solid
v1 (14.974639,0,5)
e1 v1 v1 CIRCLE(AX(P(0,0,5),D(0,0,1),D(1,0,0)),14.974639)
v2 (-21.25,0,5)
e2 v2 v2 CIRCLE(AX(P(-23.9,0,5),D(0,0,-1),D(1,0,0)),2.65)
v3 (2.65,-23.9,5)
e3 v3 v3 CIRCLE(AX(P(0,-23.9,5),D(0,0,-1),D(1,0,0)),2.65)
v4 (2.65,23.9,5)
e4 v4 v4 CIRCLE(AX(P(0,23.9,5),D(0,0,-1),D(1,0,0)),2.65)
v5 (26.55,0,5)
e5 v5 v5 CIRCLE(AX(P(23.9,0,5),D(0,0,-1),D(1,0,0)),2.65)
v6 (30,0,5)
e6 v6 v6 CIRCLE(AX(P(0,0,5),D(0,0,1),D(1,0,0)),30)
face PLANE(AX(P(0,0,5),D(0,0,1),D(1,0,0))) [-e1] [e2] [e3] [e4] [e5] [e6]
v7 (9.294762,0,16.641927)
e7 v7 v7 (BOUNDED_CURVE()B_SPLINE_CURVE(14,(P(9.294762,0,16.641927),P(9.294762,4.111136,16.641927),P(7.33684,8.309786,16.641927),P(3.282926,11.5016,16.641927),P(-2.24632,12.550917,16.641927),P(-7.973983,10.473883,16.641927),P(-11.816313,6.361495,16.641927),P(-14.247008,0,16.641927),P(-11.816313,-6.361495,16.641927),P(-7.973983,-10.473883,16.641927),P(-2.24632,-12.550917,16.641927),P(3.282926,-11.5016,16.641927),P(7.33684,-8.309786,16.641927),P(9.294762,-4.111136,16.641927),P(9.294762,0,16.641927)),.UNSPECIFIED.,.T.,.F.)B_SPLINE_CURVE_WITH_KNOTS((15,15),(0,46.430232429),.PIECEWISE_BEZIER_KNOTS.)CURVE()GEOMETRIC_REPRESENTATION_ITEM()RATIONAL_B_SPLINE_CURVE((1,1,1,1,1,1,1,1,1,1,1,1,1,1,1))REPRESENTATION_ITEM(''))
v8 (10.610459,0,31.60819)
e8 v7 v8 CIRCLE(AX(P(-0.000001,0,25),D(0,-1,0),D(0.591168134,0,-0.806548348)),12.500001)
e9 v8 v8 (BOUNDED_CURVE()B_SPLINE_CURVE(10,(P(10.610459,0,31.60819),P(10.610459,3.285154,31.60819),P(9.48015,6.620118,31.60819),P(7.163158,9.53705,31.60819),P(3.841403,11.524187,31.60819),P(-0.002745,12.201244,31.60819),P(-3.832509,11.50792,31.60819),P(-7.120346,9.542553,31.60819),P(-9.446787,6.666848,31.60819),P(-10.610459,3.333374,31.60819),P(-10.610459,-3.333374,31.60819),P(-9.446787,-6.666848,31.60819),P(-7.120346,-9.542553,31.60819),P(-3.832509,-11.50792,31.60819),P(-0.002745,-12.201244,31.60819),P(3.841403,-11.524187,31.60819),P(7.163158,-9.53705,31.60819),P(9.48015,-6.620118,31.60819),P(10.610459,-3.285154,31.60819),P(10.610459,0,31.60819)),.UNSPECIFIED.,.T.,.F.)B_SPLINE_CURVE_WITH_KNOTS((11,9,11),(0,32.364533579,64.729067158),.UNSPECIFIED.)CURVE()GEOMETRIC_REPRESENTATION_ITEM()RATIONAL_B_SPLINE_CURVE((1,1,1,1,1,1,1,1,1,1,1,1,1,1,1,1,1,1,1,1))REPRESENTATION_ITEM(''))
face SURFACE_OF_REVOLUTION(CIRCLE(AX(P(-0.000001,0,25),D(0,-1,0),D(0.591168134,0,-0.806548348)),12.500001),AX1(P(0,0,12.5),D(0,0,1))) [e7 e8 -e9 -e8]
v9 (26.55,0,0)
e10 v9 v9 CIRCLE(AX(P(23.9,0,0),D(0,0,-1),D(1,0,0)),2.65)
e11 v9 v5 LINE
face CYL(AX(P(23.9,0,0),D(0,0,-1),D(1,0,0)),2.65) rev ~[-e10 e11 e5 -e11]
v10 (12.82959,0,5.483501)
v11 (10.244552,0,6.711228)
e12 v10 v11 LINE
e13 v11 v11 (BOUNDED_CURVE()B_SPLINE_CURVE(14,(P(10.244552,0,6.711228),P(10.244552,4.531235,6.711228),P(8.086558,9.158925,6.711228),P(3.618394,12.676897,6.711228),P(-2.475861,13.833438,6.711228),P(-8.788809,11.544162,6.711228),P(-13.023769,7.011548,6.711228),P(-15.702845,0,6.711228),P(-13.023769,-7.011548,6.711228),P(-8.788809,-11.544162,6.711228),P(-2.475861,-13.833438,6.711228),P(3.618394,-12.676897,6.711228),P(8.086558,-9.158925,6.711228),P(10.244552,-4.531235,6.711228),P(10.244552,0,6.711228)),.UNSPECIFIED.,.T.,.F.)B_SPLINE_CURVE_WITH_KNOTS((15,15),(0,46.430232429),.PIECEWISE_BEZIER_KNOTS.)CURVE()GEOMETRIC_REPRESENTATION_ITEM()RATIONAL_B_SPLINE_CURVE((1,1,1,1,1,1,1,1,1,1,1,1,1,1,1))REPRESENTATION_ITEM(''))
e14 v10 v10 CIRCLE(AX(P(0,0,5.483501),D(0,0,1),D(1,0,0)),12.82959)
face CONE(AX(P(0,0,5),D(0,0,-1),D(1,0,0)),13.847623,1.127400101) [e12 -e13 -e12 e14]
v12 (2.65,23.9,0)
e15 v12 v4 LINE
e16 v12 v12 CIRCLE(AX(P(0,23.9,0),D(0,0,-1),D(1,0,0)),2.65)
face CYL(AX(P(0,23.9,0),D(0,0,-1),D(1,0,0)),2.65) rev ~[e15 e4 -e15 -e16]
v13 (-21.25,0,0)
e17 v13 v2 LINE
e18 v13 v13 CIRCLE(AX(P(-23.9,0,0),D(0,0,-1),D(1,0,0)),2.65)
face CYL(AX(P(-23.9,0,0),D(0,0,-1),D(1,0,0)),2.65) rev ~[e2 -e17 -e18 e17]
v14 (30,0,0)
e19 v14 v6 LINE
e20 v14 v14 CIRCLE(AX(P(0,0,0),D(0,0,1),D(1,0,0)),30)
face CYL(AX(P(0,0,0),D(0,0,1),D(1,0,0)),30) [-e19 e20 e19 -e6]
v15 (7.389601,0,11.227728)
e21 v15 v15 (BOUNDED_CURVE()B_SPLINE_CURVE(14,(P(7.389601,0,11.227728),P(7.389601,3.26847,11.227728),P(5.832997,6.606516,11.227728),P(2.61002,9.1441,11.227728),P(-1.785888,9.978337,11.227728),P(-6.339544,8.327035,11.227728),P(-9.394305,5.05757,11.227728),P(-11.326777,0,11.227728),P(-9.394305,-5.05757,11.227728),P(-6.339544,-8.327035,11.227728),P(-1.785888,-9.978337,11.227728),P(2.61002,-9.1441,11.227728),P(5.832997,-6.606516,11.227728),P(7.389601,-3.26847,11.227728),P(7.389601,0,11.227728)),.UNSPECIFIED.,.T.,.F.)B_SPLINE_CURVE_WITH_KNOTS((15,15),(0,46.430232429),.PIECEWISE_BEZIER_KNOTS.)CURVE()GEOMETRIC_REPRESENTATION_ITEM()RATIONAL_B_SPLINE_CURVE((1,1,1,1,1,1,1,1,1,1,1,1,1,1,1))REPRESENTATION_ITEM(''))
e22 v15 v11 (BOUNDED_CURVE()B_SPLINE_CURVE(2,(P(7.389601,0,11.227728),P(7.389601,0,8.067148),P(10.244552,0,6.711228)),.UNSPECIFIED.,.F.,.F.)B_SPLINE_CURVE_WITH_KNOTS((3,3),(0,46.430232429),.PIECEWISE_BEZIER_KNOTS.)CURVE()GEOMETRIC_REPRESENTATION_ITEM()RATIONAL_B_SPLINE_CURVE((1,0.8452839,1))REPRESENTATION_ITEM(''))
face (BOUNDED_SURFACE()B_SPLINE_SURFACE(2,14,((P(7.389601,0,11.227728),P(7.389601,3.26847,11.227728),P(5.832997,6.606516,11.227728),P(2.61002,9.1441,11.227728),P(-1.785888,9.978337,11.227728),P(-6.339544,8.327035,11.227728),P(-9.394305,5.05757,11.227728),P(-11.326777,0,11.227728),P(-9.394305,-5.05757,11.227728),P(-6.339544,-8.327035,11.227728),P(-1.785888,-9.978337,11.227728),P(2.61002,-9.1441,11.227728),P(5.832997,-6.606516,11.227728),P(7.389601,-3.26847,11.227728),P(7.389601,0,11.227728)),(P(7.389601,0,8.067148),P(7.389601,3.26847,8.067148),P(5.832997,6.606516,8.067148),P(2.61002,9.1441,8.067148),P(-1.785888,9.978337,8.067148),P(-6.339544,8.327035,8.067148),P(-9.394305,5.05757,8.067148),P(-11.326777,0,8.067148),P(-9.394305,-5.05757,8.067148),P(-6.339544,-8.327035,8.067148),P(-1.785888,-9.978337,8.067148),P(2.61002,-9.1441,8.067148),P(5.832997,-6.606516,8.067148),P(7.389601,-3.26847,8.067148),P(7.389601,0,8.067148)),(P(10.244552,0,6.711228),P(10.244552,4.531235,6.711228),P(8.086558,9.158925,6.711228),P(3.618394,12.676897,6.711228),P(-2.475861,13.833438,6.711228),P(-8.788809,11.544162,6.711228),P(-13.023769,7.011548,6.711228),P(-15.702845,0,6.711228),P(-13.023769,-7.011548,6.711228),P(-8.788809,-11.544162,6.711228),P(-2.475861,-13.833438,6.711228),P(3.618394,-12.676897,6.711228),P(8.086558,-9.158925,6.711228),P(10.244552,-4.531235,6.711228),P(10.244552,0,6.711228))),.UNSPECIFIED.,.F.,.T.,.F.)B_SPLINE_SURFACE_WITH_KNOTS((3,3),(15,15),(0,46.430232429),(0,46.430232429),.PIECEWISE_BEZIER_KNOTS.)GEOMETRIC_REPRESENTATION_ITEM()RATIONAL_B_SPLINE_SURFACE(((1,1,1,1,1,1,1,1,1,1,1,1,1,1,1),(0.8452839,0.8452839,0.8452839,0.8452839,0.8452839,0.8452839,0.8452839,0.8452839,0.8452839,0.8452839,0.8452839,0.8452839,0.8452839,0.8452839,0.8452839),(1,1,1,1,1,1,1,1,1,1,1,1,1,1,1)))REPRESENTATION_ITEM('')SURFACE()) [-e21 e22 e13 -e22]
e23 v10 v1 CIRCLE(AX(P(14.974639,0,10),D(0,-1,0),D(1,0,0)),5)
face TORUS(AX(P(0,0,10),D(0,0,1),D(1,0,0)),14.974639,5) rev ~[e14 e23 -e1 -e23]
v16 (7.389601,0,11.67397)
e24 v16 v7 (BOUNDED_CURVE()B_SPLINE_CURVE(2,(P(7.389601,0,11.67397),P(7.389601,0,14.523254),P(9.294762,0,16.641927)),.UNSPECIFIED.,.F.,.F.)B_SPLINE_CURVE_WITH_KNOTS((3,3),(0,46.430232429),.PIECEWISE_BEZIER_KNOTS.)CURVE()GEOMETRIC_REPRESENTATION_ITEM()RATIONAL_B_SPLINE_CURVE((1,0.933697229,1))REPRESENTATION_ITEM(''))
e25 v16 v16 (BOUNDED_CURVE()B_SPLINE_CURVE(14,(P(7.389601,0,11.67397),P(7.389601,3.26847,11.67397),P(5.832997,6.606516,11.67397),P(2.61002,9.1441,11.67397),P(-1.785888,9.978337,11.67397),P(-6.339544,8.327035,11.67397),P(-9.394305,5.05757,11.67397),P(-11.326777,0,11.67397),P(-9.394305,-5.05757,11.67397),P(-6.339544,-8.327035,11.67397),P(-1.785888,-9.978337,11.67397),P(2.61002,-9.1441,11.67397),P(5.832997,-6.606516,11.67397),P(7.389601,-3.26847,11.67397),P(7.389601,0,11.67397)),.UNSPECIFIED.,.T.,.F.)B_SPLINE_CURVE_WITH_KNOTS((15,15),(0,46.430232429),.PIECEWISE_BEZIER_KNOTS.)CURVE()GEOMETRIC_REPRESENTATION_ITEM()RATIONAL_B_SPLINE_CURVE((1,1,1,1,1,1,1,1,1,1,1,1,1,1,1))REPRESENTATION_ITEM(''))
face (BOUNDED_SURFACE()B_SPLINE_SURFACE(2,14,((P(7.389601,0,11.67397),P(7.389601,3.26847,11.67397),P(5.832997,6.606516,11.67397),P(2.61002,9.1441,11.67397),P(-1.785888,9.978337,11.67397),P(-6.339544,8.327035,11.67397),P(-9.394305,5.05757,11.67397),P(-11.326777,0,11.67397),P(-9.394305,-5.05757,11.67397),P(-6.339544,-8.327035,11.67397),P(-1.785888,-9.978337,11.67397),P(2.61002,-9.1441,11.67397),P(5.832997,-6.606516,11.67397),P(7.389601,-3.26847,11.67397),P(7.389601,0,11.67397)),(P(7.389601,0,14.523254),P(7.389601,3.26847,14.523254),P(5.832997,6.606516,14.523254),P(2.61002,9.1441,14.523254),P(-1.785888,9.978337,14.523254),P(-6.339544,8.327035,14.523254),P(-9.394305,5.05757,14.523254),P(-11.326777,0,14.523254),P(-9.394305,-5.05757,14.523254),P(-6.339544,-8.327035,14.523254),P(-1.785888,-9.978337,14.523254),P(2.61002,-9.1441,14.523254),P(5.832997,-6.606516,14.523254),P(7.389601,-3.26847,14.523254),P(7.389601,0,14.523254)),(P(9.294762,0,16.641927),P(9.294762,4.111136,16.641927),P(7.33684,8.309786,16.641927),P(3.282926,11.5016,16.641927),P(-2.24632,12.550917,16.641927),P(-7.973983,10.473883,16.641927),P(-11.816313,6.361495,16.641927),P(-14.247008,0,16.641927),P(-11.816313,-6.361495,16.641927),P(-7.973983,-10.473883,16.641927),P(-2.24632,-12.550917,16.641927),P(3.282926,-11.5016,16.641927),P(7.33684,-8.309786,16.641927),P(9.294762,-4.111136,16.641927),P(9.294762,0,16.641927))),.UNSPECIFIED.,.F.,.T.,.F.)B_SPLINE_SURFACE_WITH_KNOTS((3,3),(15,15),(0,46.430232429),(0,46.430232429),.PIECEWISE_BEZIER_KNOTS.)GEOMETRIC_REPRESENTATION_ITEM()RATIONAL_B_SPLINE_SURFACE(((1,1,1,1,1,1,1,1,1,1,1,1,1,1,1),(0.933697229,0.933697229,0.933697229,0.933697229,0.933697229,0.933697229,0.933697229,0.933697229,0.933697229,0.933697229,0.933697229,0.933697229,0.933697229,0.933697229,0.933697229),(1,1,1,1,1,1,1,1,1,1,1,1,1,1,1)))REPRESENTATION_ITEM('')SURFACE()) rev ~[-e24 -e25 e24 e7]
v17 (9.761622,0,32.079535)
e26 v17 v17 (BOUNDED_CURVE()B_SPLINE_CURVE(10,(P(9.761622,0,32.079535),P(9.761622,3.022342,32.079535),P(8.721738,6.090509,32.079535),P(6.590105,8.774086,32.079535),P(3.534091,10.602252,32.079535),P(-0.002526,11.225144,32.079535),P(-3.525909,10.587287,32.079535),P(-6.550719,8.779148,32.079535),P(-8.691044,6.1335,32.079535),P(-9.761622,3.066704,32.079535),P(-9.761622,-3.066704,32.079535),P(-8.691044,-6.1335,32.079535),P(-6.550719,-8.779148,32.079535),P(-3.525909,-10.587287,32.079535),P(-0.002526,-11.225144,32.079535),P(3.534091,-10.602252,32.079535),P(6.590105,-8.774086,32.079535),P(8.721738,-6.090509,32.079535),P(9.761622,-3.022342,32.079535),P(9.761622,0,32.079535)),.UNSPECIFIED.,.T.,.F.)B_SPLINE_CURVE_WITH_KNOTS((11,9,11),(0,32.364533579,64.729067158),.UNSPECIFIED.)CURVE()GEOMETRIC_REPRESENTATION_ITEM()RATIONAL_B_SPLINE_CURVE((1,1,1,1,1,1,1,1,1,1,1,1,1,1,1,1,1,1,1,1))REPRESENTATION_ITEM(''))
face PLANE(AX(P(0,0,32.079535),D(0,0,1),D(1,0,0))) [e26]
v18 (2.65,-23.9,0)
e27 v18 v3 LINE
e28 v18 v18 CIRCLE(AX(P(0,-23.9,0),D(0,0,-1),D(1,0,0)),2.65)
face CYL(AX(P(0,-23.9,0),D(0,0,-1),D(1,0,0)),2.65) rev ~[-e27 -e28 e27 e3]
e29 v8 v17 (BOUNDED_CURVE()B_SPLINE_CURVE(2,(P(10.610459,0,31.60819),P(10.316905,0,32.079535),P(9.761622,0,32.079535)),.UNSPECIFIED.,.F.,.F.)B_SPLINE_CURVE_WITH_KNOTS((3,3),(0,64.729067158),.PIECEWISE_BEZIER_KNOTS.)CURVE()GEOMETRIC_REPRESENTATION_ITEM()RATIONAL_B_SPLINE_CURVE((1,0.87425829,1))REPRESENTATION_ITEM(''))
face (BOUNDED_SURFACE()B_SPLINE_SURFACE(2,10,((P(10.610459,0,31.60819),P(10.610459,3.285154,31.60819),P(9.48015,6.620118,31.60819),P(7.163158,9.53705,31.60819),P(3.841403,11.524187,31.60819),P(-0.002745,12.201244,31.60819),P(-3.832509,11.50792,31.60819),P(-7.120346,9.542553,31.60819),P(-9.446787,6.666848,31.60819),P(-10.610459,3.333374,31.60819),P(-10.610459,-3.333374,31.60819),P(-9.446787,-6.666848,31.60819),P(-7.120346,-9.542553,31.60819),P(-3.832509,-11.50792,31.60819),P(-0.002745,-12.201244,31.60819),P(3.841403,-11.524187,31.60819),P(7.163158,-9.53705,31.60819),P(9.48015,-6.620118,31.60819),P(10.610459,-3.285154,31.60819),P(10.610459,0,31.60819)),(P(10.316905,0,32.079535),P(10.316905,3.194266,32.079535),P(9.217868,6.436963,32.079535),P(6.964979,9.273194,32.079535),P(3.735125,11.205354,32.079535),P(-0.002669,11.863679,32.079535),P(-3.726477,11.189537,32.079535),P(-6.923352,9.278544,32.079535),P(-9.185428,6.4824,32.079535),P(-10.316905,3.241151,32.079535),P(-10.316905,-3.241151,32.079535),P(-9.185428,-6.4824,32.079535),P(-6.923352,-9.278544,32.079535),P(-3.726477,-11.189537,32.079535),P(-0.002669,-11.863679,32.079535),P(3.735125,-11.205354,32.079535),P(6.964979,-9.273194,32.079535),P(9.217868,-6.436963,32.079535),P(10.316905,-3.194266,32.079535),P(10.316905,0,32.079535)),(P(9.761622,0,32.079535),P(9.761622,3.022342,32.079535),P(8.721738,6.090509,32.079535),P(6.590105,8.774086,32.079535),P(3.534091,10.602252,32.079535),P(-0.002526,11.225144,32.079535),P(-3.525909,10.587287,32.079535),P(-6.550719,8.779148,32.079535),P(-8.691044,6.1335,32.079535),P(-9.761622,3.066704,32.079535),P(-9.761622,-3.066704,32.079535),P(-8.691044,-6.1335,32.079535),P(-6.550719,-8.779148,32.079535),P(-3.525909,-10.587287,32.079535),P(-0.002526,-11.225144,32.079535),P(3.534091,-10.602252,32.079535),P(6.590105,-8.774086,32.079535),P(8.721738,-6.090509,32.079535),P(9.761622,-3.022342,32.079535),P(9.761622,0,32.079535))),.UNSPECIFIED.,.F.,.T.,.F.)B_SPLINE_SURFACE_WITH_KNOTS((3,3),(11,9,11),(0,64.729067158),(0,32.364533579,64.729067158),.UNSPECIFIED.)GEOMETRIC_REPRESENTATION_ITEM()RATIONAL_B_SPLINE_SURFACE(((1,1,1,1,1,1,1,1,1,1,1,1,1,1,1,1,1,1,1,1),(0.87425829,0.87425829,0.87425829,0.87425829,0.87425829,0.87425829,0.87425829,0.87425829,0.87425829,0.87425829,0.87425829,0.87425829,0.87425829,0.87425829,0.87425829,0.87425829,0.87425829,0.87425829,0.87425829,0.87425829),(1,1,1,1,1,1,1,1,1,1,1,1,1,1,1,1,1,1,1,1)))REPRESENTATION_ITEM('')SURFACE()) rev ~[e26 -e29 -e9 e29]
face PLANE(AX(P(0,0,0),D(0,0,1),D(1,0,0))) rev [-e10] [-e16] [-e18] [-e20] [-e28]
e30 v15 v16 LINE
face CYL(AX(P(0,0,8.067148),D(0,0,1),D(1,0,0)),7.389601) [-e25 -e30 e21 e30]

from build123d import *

# Parameters (mm, degrees)
F2_R     = 2.65
F3_DEPTH = 25
F4_R     = 7.429877
F5_R     = 5
F6_R     = 1


with BuildPart() as f1:
    # F0 (on Front) → F1 (revolve)
    with BuildSketch(Plane.XZ):
        with BuildLine():
            Line((0, 25), (0, 0))
            Line((0, 0), (30, 0))
            Line((30, 0), (30, 5))
            Line((30, 5), (13.847623, 5))
            Line((13.847623, 5), (7.389601, 8.067148))
            Line((7.389601, 8.067148), (7.389601, 14.918145))
            ThreePointArc((7.389601, 14.918145), (12.323801, 22.908607), (10.301951, 32.079535))
            Line((10.301951, 32.079535), (0, 32.079535))
            Line((0, 32.079535), (0, 25))
        make_face()
    revolve(axis=Axis((0, 0, 12.5), (0, 0, 1)))

    # F2 (on face) → F3 (cut)
    with BuildSketch(Plane(origin=(0, 0, 0), x_dir=(1, 0, 0), z_dir=(0, 0, -1))):
        with Locations((0, 23.9)):
            Circle(F2_R)
        with Locations((23.9, 0)):
            Circle(F2_R)
        with Locations((0, -23.9)):
            Circle(F2_R)
        with Locations((-23.9, 0)):
            Circle(F2_R)
    extrude(amount=-F3_DEPTH, mode=Mode.SUBTRACT)

    # F4
    f4_edges = [f1.edges().sort_by_distance(p)[0] for p in [
        (-7.389601, 0, 14.918145),
    ]]
    fillet(f4_edges, radius=F4_R)

    # F5
    f5_edges = [f1.edges().sort_by_distance(p)[0] for p in [
        (-7.389601, 0, 8.067148),
        (-13.847623, 0, 5),
    ]]
    fillet(f5_edges, radius=F5_R)

    # F6
    f6_edges = [f1.edges().sort_by_distance(p)[0] for p in [
        (-10.301951, 0, 32.079535),
    ]]
    fillet(f6_edges, radius=F6_R)


solid = f1.part
